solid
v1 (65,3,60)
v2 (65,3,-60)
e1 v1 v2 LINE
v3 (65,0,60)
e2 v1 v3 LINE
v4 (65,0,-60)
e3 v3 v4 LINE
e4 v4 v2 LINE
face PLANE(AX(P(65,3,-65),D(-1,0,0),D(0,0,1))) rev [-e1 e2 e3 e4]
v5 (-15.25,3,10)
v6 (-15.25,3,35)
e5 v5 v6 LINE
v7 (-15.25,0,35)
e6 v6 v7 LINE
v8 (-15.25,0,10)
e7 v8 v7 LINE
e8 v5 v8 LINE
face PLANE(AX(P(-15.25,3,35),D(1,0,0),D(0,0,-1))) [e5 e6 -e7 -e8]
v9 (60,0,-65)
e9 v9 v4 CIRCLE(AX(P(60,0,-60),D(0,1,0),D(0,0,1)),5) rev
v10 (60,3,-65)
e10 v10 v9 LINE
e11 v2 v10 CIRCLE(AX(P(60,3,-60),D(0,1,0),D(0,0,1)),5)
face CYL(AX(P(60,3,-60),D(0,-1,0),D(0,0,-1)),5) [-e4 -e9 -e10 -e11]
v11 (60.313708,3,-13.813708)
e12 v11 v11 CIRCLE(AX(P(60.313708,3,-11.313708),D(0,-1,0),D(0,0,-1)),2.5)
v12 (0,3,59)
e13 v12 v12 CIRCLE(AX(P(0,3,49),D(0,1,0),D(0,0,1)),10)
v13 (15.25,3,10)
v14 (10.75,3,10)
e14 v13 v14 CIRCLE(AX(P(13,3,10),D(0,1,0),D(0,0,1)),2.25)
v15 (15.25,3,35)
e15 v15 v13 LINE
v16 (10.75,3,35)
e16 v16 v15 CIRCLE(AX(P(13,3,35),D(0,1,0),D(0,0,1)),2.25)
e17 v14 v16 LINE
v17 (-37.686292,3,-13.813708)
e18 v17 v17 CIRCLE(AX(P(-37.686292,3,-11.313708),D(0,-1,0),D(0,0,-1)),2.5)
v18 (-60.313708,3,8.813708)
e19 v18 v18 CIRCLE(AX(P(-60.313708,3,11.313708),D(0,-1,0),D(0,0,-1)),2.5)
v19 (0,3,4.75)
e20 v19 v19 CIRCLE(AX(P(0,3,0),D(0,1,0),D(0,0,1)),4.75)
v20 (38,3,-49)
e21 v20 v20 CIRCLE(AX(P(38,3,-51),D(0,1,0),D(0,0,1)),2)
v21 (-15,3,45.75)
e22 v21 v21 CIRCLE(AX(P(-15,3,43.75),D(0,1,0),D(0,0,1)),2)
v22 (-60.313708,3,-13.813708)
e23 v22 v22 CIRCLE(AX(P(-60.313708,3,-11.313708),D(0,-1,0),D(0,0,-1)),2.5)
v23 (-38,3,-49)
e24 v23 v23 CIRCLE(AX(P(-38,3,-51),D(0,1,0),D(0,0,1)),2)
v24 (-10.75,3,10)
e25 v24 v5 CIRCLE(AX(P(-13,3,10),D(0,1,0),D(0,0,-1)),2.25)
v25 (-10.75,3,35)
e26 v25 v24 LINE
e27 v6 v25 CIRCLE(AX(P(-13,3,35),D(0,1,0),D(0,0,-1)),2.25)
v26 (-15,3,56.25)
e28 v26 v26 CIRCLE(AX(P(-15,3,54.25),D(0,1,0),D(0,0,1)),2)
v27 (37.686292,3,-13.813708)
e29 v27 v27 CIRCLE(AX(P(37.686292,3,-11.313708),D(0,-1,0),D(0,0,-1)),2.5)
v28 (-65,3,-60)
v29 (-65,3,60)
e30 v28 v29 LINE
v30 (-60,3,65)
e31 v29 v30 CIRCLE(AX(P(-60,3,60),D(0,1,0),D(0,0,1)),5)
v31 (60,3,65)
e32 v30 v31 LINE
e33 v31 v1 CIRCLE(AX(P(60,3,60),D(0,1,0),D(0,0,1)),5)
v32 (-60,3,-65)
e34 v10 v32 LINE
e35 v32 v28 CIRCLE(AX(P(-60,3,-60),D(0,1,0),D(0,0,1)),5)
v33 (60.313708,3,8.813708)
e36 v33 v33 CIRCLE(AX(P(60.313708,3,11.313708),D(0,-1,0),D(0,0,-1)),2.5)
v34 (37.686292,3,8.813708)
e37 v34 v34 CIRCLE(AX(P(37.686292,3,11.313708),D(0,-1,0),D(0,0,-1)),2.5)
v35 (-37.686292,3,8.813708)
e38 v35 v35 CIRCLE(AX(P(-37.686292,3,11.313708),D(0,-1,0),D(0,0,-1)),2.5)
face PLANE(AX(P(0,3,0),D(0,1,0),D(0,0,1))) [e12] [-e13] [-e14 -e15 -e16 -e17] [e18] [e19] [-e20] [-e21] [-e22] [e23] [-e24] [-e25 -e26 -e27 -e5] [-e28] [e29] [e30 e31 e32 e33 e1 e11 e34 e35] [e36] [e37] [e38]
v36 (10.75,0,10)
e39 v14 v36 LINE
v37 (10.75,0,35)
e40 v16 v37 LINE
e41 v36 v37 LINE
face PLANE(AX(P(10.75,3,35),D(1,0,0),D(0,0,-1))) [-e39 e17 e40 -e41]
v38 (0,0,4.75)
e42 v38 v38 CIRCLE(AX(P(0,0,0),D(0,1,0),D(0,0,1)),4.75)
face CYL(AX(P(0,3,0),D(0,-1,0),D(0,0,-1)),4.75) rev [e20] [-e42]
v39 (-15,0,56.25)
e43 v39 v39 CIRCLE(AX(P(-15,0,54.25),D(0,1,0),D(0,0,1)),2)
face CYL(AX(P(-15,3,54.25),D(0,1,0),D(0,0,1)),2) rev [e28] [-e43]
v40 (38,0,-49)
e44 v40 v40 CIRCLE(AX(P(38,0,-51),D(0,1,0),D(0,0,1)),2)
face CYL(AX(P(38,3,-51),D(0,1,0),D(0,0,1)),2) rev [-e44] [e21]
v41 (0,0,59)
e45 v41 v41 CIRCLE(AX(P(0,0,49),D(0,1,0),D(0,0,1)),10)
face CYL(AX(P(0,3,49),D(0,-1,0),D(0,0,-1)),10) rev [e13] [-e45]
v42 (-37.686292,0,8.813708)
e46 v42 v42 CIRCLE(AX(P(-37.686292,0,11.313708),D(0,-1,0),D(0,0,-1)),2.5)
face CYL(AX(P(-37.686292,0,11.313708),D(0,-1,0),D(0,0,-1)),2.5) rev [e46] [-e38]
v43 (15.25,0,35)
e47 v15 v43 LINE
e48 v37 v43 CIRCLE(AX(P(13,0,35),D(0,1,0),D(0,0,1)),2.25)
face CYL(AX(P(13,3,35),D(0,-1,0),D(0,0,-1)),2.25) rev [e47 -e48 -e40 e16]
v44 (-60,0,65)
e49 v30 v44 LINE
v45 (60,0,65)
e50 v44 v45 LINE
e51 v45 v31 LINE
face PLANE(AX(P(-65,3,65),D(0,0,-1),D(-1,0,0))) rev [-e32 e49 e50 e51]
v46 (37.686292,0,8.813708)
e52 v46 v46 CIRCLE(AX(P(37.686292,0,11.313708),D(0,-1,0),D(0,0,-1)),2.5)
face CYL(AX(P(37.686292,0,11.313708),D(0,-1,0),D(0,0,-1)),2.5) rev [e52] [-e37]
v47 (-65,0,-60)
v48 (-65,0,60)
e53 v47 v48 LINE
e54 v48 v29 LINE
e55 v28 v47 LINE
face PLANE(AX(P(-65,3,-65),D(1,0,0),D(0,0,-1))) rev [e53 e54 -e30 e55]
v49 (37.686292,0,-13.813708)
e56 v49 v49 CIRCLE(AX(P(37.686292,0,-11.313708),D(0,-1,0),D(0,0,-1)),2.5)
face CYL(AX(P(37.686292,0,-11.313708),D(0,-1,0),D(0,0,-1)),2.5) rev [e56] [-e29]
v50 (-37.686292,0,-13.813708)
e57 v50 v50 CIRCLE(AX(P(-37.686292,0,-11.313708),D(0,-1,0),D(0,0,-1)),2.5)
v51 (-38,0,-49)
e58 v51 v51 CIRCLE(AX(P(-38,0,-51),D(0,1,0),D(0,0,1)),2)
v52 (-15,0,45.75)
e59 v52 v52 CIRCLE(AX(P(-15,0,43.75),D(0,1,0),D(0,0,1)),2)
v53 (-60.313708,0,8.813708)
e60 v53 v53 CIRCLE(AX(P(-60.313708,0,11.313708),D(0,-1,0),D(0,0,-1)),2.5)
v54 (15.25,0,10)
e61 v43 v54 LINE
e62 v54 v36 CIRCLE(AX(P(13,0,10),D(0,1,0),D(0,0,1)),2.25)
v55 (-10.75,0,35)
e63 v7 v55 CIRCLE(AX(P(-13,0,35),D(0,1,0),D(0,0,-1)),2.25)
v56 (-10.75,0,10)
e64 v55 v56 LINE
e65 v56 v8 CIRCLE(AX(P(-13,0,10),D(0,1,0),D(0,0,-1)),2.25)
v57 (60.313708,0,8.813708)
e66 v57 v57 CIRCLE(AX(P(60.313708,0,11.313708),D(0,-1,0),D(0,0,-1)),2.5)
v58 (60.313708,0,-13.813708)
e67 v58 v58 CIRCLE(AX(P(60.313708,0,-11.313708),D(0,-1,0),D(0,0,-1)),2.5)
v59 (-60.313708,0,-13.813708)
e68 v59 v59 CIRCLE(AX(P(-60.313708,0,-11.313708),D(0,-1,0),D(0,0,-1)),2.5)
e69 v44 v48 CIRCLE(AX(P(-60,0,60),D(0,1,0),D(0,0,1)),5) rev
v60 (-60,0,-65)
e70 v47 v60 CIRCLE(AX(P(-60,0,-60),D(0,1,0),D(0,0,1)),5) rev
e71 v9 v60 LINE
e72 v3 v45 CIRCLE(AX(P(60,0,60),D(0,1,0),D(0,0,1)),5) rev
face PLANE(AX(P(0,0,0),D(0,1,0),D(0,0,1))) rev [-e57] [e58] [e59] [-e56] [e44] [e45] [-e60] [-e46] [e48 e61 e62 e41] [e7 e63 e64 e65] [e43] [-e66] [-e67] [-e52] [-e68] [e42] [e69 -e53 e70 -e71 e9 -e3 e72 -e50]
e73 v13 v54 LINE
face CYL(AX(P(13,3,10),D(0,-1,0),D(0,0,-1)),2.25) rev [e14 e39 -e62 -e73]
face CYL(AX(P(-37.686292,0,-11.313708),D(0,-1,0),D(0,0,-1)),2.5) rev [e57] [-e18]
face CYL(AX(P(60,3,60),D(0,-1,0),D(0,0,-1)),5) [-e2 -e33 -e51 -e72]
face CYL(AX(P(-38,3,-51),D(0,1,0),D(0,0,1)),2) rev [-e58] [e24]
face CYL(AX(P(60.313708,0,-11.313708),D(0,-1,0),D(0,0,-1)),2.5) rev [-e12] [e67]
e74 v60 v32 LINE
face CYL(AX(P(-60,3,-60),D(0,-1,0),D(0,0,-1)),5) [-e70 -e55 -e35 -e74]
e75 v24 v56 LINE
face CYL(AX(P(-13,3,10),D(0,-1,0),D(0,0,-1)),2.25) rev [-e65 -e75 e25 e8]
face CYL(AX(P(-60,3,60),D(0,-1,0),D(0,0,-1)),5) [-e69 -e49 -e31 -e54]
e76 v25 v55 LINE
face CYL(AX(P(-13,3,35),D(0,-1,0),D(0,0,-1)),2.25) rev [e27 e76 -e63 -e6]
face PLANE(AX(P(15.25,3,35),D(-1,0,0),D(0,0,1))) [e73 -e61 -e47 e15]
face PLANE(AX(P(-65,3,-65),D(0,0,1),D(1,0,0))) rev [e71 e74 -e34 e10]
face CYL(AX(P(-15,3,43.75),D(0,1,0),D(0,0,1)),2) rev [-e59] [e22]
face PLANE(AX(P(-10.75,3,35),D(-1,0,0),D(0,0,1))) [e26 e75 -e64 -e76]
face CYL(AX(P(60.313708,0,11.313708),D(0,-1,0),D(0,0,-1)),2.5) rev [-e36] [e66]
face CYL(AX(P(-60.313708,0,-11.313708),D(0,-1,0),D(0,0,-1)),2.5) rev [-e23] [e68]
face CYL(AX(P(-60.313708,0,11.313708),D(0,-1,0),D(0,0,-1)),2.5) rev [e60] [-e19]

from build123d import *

# Parameters (mm, degrees)
SKETCH1_W                = 130
SKETCH1_H                = 130
BOSS_EXTRUDE1_DEPTH      = 3
FILLET1_R                = 5
SKETCH2_R                = 4.75
CUT_EXTRUDE1_DEPTH       = 92.972822073
F_5_0_5_DIAMETER_HOLE1_D = 5
F_4_0_4_DIAMETER_HOLE1_D = 4
SKETCH8_R                = 10
CUT_EXTRUDE2_DEPTH       = 92.972822073
F_4_0_4_DIAMETER_HOLE2_D = 4


with BuildPart() as part:
    # Sketch1 → Boss-Extrude1 (new body)
    with BuildSketch(Plane(origin=(0, 0, 0), x_dir=(1, 0, 0), z_dir=(0, 1, 0))):
        Rectangle(SKETCH1_W, SKETCH1_H)
    extrude(amount=BOSS_EXTRUDE1_DEPTH)

    # Fillet1
    fillet1_edges = [part.edges().sort_by_distance(p)[0] for p in [
        (65, 1.5, 65),
        (-65, 1.5, 65),
        (-65, 1.5, -65),
        (65, 1.5, -65),
    ]]
    fillet(fillet1_edges, radius=FILLET1_R)

    # Sketch2 → Cut-Extrude1 (cut, through all)
    with BuildSketch(Plane(origin=(0, 0, 0), x_dir=(1, 0, 0), z_dir=(0, 1, 0))):
        with Locations(Location((0, 0, 0), (0, 0, 270))):
            Circle(SKETCH2_R)
    extrude(amount=CUT_EXTRUDE1_DEPTH, mode=Mode.SUBTRACT)

    # Ø5.0 (5) Diameter Hole1 (through all)
    with Locations(Plane(origin=(0, 0, 0), x_dir=(-1, 0, 0), z_dir=(0, -1, 0))):
        with Locations((60.313708499, 11.313708499), (60.313708499, -11.313708499), (37.686291501, -11.313708499), (37.686291501, 11.313708499)):
            f_5_0_5_diameter_hole1 = Hole(F_5_0_5_DIAMETER_HOLE1_D / 2)

    # Mirror1: Ø5.0 (5) Diameter Hole1 across plane
    add(f_5_0_5_diameter_hole1.mirror(Plane(origin=(0, 0, 0), x_dir=(0, 0, 1), z_dir=(1, 0, 0))), mode=Mode.SUBTRACT)

    # Ø4.0 (4) Diameter Hole1 (through all)
    with Locations(Plane(origin=(0, 3, 0), x_dir=(1, 0, 0), z_dir=(0, 1, 0))):
        with Locations((38, 51), (-38, 51)):
            Hole(F_4_0_4_DIAMETER_HOLE1_D / 2)

    # Sketch8 → Cut-Extrude2 (cut, through all)
    with BuildSketch(Plane(origin=(0, 0, 0), x_dir=(1, 0, 0), z_dir=(0, 1, 0))):
        with Locations(Location((0, -49, 0), (0, 0, 270))):
            Circle(SKETCH8_R)
        with BuildLine():
            Line((10.75, -35), (10.75, -10))
            ThreePointArc((10.75, -10), (13, -7.75), (15.25, -10))
            Line((15.25, -10), (15.25, -35))
            ThreePointArc((15.25, -35), (13, -37.25), (10.75, -35))
        make_face()
        with BuildLine():
            Line((-10.75, -35), (-10.75, -10))
            ThreePointArc((-10.75, -10), (-13, -7.75), (-15.25, -10))
            Line((-15.25, -10), (-15.25, -35))
            ThreePointArc((-15.25, -35), (-13, -37.25), (-10.75, -35))
        make_face()
    extrude(amount=CUT_EXTRUDE2_DEPTH, mode=Mode.SUBTRACT)

    # Ø4.0 (4) Diameter Hole2 (through all)
    with Locations(Plane(origin=(0, 3, 0), x_dir=(1, 0, 0), z_dir=(0, 1, 0))):
        with Locations((-15, -54.25), (-15, -43.75)):
            Hole(F_4_0_4_DIAMETER_HOLE2_D / 2)


solid = part.part
